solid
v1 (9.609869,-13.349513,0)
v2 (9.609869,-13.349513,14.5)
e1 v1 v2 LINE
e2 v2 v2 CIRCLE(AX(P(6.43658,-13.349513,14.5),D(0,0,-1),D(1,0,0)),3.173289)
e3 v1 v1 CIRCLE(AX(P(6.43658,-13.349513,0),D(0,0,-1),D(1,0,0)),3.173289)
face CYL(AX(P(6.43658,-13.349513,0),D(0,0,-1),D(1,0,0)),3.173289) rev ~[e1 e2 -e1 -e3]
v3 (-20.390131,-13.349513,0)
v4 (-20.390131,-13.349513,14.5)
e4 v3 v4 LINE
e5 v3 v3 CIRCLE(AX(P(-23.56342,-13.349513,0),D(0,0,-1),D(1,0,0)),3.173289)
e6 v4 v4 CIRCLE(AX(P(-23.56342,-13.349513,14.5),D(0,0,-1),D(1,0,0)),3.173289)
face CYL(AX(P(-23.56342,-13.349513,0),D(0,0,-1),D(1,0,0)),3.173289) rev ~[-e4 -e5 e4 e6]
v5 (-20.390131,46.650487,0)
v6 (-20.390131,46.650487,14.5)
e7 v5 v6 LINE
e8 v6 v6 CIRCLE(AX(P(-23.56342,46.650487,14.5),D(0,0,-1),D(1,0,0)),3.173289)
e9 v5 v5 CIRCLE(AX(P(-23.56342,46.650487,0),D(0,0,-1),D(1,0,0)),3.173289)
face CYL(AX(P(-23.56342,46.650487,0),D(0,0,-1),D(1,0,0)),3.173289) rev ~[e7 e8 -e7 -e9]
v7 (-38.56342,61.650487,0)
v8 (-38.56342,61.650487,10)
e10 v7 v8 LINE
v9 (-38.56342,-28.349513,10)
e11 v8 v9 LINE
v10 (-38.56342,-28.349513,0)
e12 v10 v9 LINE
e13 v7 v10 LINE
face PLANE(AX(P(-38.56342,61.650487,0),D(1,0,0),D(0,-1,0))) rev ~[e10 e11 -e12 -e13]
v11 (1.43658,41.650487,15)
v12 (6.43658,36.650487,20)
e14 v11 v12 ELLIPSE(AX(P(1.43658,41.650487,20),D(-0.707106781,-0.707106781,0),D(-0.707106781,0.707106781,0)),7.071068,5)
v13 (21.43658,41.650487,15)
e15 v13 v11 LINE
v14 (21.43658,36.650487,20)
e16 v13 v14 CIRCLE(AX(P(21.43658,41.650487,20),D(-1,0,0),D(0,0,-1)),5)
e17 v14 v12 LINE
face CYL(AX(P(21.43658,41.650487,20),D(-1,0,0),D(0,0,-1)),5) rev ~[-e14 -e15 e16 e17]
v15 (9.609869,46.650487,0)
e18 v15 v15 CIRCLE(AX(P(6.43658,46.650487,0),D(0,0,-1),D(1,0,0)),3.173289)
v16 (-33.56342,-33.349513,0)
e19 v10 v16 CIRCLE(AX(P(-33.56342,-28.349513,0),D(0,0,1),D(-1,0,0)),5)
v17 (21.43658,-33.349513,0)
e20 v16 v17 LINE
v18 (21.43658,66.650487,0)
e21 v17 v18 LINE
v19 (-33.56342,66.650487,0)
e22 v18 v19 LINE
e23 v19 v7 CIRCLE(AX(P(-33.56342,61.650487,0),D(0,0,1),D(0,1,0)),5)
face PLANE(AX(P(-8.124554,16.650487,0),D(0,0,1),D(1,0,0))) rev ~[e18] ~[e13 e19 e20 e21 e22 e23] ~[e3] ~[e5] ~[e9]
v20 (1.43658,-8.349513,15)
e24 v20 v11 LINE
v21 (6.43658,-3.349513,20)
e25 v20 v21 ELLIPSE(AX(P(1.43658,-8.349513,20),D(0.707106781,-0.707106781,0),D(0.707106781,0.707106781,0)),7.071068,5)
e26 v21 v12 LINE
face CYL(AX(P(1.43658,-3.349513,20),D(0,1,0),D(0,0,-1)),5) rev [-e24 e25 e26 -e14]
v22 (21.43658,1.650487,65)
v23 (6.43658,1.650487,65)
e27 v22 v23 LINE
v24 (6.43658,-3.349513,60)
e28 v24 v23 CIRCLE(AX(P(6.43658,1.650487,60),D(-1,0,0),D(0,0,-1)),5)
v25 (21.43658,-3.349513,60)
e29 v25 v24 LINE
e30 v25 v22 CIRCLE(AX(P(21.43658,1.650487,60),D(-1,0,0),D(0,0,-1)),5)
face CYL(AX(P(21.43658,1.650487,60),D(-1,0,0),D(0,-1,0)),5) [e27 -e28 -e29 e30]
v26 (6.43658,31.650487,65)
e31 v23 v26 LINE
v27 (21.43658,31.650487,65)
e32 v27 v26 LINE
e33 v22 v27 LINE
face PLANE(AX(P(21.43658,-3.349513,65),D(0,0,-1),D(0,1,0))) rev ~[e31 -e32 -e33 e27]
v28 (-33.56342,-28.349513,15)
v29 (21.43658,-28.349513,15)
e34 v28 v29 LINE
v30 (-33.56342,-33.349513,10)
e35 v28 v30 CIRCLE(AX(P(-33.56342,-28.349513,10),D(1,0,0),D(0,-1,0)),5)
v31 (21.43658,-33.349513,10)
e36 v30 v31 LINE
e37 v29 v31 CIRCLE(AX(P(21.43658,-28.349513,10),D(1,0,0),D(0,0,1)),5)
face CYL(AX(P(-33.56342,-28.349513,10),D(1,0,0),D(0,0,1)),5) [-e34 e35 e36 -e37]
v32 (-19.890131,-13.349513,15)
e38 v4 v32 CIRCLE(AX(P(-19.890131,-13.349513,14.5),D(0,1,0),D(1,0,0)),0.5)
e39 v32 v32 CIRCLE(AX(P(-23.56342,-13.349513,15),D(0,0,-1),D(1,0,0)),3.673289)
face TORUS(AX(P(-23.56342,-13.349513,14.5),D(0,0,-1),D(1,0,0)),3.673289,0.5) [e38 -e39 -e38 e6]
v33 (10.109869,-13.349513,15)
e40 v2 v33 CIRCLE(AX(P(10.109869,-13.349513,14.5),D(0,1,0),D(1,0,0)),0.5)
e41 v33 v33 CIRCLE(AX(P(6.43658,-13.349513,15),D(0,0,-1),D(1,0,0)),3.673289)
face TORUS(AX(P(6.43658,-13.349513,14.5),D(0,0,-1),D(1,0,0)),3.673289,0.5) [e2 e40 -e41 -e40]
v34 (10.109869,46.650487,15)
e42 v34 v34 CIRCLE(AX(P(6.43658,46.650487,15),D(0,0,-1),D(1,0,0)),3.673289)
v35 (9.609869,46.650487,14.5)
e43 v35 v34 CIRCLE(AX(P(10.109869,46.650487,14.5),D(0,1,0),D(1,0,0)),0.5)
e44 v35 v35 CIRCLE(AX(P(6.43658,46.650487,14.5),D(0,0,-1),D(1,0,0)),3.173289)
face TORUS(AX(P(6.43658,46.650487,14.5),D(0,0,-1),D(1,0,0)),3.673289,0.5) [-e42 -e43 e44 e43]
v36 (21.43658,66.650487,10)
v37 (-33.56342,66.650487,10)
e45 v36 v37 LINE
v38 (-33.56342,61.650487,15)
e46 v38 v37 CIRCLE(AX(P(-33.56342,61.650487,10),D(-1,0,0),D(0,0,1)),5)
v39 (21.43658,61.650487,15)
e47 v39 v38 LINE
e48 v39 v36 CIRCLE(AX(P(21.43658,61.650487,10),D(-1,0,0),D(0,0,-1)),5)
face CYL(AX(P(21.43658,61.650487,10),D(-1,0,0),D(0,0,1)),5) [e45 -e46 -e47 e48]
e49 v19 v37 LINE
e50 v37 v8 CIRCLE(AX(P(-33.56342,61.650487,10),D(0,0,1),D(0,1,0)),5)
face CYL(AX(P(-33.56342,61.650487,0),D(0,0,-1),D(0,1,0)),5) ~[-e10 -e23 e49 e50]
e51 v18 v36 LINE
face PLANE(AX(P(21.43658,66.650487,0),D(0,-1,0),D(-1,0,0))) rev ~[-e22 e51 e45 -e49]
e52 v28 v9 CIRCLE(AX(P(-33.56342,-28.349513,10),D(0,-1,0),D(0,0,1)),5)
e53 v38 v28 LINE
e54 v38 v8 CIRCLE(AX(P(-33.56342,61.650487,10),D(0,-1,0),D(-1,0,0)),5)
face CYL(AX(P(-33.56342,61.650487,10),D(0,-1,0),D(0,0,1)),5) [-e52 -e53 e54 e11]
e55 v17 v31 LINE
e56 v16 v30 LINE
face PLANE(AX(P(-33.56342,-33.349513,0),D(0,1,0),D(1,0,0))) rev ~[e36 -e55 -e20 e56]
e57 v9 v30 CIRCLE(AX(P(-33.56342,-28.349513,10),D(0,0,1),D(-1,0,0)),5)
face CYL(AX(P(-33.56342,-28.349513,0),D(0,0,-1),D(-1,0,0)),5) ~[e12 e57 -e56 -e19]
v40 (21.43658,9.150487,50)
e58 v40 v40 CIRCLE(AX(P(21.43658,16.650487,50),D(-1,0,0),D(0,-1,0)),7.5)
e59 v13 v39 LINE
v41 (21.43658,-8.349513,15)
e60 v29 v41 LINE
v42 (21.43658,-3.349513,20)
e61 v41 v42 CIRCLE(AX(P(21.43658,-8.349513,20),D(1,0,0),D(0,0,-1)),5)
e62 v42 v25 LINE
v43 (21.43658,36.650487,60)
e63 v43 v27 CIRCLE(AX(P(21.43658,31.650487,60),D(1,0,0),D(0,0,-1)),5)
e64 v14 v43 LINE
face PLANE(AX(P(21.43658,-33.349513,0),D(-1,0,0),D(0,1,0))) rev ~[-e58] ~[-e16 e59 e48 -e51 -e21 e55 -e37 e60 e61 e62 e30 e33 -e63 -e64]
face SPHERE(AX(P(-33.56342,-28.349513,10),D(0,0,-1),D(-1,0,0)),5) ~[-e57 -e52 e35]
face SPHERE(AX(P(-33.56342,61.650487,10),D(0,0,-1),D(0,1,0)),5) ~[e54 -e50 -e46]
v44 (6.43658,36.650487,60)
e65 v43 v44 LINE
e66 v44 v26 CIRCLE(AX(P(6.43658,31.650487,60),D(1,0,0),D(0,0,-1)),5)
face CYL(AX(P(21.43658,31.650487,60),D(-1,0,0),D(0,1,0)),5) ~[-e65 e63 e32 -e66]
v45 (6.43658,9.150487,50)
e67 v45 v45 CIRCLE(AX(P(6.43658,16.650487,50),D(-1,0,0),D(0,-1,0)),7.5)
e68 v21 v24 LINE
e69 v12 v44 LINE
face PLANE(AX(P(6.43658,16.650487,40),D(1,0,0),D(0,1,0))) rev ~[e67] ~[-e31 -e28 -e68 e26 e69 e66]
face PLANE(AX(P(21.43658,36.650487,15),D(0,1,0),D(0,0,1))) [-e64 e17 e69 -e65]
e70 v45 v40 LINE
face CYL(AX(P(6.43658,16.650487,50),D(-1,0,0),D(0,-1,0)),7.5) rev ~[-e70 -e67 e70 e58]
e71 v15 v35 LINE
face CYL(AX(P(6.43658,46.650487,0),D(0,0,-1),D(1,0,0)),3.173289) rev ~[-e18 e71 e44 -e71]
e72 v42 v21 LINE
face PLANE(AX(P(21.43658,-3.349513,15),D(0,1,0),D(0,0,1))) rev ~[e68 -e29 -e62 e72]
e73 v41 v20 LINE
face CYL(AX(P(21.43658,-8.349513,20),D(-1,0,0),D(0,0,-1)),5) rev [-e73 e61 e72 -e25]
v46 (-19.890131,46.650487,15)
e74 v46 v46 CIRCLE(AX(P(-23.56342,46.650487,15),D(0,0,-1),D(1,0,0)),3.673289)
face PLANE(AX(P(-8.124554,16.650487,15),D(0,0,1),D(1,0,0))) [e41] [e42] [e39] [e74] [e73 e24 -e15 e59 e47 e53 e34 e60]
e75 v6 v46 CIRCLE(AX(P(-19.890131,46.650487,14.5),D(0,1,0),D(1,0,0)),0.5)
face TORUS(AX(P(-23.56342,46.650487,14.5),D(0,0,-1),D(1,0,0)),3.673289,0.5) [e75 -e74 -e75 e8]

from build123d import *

# Parameters (mm, degrees)
F1_DEPTH = 15
F2_W     = 40
F2_H     = 50
F3_DEPTH = 15
F5_R     = 5
F6_R     = 7.5
F7_DEPTH = 25
F8_R     = 3.1732892369
F9_DEPTH = 25
F10_R    = 0.5


with BuildPart() as f1:
    # F0 (on Top) → F1 (new body)
    with BuildSketch(Plane.XY):
        with BuildLine():
            ThreePointArc((-38.5634199679, -28.3495128886), (-37.0989538738, -31.8850467945), (-33.5634199679, -33.3495128886))
            Line((-33.5634199679, -33.3495128886), (21.4365800321, -33.3495128886))
            Line((21.4365800321, -33.3495128886), (21.4365800321, 66.6504871114))
            Line((21.4365800321, 66.6504871114), (-33.5634199679, 66.6504871114))
            ThreePointArc((-33.5634199679, 66.6504871114), (-37.0989538738, 65.1860210174), (-38.5634199679, 61.6504871114))
            Line((-38.5634199679, 61.6504871114), (-38.5634199679, -28.3495128886))
        make_face()
    extrude(amount=F1_DEPTH)


with BuildPart() as f3:
    # F2 (on face) → F3 (new body)
    with BuildSketch(Plane.YZ.offset(21.4365800321)):
        with Locations((16.6504871114, 40)):
            Rectangle(F2_W, F2_H)
    extrude(amount=-F3_DEPTH)

    # F4: union F1
    add(f1.part)

    # F5
    f5_edges = [f3.edges().sort_by_distance(p)[0] for p in [
        (6.43658, 16.650487, 15),
        (13.93658, -3.349513, 15),
        (13.93658, -3.349513, 65),
        (13.93658, 36.650487, 65),
        (13.93658, 36.650487, 15),
        (-6.06342, 66.650487, 15),
    ]]
    fillet(f5_edges, radius=F5_R)

    # F6 (on face) → F7 (cut)
    with BuildSketch(Plane(origin=(6.4365800321, 0, 0), x_dir=(0, -1, 0), z_dir=(-1, 0, 0))):
        with Locations((-16.6504871114, 50)):
            Circle(F6_R)
    extrude(amount=-F7_DEPTH, mode=Mode.SUBTRACT)

    # F8 (on face) → F9 (cut)
    with BuildSketch(Plane(origin=(0, 0, 0), x_dir=(1, 0, 0), z_dir=(0, 0, -1))):
        with Locations((-23.5634199679, -46.6504871114)):
            Circle(F8_R)
        with Locations((6.4365800321, -46.6504871114)):
            Circle(F8_R)
        with Locations((6.4365800321, 13.3495128886)):
            Circle(F8_R)
        with Locations((-23.5634199679, 13.3495128886)):
            Circle(F8_R)
    extrude(amount=-F9_DEPTH, mode=Mode.SUBTRACT)

    # F10
    f10_edges = [f3.edges().sort_by_distance(p)[0] for p in [
        (3.263291, -13.349513, 15),
        (-26.736709, -13.349513, 15),
        (-26.736709, 46.650487, 15),
        (3.263291, 46.650487, 15),
    ]]
    fillet(f10_edges, radius=F10_R)


solid = f3.part
